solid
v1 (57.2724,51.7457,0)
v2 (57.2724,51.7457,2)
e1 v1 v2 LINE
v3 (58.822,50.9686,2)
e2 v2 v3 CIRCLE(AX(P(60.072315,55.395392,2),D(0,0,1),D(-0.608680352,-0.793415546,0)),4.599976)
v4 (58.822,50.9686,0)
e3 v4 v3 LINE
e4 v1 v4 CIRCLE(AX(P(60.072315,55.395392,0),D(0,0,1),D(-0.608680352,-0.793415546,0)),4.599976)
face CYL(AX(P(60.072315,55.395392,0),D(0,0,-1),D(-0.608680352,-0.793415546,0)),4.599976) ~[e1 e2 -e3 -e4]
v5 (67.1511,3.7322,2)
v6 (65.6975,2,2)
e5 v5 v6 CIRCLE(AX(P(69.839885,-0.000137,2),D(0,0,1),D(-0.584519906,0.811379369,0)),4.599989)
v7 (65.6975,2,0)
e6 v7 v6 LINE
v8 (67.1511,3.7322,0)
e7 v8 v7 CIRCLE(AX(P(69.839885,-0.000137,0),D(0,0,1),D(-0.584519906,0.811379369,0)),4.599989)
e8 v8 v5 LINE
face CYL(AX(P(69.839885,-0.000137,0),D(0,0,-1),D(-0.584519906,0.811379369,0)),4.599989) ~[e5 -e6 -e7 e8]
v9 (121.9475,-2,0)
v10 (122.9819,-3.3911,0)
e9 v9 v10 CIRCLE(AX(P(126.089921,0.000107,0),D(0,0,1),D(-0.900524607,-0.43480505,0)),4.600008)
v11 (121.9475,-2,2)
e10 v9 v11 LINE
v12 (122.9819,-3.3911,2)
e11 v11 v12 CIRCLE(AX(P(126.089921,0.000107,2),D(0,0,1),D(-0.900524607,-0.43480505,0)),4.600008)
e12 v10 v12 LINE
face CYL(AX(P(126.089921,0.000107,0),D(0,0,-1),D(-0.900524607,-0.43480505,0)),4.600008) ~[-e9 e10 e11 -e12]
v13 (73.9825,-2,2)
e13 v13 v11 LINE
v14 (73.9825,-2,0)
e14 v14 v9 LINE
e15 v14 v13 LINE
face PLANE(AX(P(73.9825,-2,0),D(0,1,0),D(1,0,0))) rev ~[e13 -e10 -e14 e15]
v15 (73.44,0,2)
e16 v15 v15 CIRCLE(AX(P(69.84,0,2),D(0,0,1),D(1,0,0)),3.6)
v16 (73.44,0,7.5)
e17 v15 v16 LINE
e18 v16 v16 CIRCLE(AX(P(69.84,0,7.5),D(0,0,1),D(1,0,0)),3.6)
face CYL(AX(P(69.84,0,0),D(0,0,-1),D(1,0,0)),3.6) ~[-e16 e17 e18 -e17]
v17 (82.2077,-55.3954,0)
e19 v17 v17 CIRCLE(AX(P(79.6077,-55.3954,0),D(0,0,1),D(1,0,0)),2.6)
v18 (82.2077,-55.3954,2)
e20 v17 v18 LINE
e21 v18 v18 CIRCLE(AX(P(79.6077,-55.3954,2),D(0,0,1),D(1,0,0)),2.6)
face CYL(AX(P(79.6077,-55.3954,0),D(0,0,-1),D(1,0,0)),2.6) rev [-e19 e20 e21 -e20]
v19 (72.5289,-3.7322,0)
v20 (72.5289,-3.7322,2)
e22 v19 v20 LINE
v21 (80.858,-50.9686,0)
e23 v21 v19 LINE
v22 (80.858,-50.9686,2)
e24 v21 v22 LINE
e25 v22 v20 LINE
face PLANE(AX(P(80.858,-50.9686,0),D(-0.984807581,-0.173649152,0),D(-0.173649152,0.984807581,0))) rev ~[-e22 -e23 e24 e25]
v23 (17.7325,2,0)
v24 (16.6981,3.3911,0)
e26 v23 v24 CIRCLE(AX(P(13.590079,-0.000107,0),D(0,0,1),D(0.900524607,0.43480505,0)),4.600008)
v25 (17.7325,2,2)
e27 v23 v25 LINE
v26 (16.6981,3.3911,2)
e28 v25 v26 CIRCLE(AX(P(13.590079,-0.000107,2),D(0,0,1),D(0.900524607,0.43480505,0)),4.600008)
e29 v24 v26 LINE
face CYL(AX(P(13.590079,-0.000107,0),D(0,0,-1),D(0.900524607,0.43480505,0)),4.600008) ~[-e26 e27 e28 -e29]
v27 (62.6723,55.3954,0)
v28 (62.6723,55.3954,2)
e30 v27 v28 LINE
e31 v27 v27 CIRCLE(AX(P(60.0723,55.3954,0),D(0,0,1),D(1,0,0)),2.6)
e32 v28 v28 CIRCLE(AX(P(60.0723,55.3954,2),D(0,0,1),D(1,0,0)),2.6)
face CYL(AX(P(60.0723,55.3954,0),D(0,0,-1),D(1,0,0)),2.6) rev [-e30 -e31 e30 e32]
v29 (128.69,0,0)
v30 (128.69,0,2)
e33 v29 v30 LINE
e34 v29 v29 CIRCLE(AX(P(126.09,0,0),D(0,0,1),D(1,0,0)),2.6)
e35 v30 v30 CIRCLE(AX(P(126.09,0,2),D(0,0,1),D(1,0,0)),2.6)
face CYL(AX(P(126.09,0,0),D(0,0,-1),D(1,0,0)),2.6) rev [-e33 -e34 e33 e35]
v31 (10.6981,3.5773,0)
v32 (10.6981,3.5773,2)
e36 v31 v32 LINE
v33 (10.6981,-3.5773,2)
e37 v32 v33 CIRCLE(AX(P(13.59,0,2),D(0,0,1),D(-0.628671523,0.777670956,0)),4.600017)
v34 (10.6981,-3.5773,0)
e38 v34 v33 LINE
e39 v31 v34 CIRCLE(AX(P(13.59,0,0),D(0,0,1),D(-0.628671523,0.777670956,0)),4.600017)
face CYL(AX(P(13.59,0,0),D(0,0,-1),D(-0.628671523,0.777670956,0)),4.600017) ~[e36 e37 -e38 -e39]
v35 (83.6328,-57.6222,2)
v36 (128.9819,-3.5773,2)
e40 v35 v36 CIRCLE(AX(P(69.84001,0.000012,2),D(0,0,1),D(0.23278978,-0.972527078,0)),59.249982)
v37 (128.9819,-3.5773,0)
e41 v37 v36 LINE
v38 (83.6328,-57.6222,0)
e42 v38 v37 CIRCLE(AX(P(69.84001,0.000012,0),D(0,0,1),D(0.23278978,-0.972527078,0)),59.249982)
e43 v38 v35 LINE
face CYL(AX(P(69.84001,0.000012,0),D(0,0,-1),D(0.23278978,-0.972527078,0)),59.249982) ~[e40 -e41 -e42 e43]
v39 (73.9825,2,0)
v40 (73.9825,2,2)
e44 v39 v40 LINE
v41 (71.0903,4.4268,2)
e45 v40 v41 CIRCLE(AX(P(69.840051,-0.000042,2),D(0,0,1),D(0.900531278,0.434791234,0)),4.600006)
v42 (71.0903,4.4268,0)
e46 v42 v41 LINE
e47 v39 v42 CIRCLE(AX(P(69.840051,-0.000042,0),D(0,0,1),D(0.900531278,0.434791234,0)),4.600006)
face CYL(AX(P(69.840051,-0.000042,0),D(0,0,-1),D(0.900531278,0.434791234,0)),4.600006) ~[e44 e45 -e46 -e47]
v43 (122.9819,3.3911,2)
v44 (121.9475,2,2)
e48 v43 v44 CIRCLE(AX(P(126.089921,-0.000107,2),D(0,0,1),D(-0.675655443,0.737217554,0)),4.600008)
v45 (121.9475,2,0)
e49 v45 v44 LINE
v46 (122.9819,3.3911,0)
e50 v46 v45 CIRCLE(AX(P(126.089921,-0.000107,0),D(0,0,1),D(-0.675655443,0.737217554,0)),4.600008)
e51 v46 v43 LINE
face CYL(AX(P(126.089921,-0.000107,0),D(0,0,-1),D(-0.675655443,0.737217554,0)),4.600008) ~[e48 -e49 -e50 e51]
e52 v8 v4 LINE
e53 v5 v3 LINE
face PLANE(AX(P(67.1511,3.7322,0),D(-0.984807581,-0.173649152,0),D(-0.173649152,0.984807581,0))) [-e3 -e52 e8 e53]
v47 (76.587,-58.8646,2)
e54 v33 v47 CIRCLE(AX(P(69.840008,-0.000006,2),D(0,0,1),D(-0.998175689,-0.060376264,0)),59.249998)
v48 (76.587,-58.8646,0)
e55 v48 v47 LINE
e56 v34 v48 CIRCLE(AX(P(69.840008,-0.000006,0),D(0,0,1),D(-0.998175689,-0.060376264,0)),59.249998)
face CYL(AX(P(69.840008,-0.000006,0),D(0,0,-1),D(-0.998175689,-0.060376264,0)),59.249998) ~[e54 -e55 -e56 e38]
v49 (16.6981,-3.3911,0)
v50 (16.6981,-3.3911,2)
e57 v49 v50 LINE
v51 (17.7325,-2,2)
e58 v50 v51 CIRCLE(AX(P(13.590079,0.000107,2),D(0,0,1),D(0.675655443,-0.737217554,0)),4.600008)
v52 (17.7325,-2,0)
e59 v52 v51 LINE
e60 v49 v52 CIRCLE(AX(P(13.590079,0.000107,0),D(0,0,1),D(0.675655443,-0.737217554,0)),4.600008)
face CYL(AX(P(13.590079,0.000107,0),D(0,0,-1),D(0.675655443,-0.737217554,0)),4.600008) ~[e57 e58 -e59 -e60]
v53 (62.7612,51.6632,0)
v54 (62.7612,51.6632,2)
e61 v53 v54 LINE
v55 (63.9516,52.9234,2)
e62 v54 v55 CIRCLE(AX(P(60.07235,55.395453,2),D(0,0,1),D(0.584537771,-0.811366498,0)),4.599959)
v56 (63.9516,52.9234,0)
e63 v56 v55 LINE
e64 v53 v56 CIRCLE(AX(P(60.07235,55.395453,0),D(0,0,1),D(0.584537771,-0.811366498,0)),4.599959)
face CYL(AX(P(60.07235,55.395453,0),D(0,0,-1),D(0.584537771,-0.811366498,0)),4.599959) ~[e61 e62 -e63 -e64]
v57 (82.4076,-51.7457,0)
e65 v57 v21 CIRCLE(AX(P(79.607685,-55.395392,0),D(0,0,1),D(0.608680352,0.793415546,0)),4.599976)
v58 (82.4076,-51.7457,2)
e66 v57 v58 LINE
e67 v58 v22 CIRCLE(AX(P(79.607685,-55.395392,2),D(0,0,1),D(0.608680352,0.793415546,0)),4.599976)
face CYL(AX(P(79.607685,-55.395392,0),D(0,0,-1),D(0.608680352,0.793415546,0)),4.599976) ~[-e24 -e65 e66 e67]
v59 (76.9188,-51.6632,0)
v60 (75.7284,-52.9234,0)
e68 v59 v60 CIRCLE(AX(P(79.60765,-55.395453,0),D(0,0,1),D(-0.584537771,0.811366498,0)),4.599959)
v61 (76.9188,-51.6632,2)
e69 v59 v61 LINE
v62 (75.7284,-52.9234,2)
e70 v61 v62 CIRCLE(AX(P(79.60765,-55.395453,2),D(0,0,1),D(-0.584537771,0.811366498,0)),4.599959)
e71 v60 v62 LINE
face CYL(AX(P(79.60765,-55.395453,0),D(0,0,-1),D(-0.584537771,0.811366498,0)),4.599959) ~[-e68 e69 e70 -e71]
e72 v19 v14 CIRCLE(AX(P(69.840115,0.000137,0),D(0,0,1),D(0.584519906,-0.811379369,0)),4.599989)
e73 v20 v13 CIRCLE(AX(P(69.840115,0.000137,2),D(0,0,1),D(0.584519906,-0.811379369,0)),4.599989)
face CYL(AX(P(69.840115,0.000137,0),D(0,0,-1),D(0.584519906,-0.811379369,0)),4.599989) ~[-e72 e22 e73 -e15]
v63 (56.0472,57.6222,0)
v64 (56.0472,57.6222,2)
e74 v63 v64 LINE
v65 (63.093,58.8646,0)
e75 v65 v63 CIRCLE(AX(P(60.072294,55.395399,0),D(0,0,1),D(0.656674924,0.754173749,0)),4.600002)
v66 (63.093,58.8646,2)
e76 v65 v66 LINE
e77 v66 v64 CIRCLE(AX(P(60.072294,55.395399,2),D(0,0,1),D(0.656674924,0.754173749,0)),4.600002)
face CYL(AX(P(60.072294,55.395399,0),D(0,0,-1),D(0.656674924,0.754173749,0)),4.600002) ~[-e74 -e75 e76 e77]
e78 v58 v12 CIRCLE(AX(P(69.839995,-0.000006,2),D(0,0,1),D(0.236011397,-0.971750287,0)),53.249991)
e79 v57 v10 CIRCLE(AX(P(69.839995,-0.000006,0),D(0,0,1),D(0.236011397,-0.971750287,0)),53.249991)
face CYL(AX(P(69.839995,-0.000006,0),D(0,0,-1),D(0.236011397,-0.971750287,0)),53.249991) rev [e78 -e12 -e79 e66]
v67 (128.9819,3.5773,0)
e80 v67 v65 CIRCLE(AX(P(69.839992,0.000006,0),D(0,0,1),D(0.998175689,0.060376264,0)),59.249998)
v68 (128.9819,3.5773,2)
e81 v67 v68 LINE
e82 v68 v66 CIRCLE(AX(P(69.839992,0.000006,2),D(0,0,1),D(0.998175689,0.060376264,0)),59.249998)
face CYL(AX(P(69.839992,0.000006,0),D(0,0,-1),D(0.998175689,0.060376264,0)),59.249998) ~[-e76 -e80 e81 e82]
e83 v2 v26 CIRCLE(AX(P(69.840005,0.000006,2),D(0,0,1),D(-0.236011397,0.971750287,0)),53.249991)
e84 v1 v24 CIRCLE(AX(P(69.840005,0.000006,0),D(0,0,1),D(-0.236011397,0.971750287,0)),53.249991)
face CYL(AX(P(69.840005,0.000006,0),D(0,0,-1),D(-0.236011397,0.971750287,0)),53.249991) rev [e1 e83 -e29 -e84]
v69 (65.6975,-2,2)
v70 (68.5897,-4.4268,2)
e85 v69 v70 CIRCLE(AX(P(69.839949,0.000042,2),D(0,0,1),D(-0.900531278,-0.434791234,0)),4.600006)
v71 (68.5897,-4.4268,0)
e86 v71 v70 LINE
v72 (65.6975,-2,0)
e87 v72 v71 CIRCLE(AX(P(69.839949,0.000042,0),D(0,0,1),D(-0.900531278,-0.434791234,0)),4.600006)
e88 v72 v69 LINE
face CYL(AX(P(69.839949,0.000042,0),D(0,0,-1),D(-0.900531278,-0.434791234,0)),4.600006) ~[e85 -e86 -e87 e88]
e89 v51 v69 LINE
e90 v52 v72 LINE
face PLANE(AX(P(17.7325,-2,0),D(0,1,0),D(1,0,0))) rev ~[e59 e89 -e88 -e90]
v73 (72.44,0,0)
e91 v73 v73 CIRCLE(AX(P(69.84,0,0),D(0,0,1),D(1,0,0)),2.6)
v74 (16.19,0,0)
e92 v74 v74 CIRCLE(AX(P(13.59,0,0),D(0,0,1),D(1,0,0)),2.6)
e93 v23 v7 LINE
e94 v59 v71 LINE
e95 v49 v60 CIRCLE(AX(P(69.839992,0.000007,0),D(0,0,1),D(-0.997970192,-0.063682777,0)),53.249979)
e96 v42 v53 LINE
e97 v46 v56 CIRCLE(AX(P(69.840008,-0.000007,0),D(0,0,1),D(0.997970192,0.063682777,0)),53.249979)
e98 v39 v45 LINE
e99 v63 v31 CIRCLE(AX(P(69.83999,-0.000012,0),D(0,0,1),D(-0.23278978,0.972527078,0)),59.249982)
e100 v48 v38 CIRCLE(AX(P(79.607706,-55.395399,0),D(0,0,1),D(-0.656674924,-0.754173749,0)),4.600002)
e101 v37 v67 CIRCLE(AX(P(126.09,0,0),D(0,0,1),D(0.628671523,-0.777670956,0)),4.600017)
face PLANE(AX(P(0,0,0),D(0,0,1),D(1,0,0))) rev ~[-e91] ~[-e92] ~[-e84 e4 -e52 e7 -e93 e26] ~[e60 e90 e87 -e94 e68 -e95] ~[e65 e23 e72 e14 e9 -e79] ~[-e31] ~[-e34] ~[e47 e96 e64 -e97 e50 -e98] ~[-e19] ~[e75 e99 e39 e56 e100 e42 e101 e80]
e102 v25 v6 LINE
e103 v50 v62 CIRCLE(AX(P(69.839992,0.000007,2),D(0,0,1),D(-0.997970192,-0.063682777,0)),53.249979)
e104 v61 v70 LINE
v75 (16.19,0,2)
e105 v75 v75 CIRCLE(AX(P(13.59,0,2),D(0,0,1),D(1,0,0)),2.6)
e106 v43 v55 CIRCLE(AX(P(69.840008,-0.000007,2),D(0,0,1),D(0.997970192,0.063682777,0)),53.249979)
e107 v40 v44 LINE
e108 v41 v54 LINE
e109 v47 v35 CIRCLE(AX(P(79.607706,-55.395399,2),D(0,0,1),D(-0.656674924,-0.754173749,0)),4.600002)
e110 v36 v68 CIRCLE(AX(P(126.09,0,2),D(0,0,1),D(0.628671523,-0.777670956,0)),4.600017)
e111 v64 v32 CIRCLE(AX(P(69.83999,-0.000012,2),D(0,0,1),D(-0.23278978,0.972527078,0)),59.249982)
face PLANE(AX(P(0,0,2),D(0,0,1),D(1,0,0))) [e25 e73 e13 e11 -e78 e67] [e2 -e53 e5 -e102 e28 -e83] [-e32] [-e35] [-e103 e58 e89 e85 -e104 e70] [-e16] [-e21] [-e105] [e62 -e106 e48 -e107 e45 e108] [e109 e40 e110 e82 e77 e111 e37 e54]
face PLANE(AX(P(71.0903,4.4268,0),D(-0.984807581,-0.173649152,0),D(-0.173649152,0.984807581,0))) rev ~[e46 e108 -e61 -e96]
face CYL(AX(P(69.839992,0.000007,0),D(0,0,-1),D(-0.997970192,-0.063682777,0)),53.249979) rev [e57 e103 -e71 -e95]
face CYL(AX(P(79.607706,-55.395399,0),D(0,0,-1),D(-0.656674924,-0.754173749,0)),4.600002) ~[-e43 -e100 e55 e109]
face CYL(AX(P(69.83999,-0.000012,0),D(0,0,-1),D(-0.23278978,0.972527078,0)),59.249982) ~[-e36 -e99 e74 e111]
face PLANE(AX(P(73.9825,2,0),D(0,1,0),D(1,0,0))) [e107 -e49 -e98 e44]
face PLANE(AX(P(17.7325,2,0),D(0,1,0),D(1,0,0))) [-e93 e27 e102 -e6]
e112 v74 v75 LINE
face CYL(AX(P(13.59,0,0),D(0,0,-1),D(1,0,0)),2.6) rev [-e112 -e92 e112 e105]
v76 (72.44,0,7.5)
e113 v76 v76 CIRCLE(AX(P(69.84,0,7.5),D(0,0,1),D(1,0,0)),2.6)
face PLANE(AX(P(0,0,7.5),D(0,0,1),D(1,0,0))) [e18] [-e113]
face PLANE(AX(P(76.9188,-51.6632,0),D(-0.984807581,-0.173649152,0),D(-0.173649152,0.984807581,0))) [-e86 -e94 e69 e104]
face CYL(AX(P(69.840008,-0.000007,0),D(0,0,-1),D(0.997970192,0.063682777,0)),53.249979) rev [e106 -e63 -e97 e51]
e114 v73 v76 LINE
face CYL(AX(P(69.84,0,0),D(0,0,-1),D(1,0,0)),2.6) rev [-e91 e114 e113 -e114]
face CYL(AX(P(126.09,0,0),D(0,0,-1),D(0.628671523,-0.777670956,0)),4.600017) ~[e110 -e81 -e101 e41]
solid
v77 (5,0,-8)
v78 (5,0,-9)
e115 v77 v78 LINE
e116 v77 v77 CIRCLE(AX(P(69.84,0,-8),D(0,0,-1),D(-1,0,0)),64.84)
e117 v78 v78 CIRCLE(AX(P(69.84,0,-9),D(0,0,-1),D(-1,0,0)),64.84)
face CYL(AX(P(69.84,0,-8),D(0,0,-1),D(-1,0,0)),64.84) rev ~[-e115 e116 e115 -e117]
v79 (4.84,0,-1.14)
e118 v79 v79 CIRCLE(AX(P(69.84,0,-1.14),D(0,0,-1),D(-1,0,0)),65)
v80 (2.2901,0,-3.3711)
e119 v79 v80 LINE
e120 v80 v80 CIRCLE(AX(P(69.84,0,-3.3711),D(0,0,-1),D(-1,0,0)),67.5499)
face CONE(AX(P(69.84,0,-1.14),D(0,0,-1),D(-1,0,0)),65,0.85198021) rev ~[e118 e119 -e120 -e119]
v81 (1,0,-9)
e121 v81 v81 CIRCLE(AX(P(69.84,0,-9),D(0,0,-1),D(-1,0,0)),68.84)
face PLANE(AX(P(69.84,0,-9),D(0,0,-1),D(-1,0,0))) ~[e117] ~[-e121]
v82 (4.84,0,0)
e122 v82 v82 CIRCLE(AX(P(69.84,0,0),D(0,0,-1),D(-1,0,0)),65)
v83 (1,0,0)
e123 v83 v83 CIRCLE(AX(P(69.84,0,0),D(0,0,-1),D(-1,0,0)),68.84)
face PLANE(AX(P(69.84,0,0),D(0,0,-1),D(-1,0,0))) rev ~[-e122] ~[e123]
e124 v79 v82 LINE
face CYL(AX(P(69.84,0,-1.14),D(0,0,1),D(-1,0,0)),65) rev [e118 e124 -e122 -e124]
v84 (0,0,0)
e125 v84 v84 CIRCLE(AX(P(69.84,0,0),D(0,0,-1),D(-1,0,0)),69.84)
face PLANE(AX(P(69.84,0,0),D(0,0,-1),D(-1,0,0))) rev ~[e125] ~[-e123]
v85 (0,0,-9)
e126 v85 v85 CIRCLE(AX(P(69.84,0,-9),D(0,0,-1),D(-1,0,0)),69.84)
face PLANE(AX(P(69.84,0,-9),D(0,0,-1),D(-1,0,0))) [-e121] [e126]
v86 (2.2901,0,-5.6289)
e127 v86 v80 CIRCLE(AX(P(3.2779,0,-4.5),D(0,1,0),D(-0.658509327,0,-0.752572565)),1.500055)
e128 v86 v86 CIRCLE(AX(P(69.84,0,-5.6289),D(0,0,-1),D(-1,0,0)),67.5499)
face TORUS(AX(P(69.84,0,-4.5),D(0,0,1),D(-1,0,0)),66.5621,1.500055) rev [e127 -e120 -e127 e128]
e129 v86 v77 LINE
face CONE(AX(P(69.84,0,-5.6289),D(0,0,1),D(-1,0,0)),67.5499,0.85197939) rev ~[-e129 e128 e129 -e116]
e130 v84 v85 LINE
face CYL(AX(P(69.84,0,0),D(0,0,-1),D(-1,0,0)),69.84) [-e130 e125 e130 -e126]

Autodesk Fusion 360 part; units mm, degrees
sketch "Sketch1" plane through (0, 0, 0) normal (0, 1, 0) x (1, 0, 0)
  line L0 (0, 0) -> (0, 9)
  line L1 (0, 9) -> (1, 9)
  line L2 (0, 0) -> (1, 0)
  line L3 (1, 0) -> (4.84, 0)
  line L4 (4.84, 1.14) -> (2.2901, 3.3711)
  line L5 (2.2901, 5.6289) -> (5, 8)
  line L6 (5, 8) -> (5, 9)
  line L7 (5, 9) -> (1, 9)
  line L8 (4.84, 1.14) -> (4.84, 0)
  line L9 (0, 0) -> (4.84, 0)
  arc A0 (2.2901, 5.6289) -> (2.2901, 3.3711) centre (3.2779, 4.5) ccw
  line L10 (4.84, 0) -> (69.84, 0) construction
  line L11 (69.84, 0) -> (69.84, 13) construction
  dimension "d202" = 9
  dimension "d204" = 1.5
  dimension "d211" = 65
revolve "Revolve2" add sketch "Sketch1" angle 360 about axis through (69.84, 0, 0) along (0, 0, -1) makes body 1
sketch "Sketch5" plane through (0, 0, 0) normal (0, 1, 0) x (1, 0, 0)
  line L0 (6.34, 8) -> (20.84, 8)
  line L1 (20.84, 1) -> (6.34, 1)
  arc A0 (20.84, 1) -> (20.84, 8) centre (20.84, 4.5) ccw
  arc A1 (6.34, 8) -> (6.34, 1) centre (6.34, 4.5) ccw
  line L2 (13.59, 8) -> (13.59, 1)
  line L3 (4.84, 0) -> (69.84, 0)
  line L4 (13.59, 1) -> (13.59, 0)
  dimension "d209" = 7
  dimension "d210" = 7
sketch "Sketch6" plane through (0, 0, 0) normal (0, 0, 1) x (1, 0, 0)
  circle A0 centre (69.84, 0) radius 56.25 construction
  circle A1 centre (13.59, 0) radius 2.6
  circle A2 centre (13.59, 0) radius 8 construction
  circle A3 centre (13.59, 0) radius 10.75 construction
  circle A4 centre (69.84, 0) radius 69.84 construction
  circle A5 centre (69.84, 0) radius 65 construction
  circle A6 centre (60.0723, 55.3954) radius 10.75 construction
  circle A7 centre (60.0723, 55.3954) radius 8 construction
  circle A8 centre (60.0723, 55.3954) radius 2.6
  circle A9 centre (79.6077, -55.3954) radius 10.75 construction
  circle A10 centre (79.6077, -55.3954) radius 8 construction
  circle A11 centre (126.09, 0) radius 10.75 construction
  circle A12 centre (126.09, 0) radius 8 construction
  circle A13 centre (126.09, 0) radius 2.6
  circle A14 centre (79.6077, -55.3954) radius 2.6
  arc A15 (63.093, 58.8646) -> (56.0472, 57.6222) centre (60.0723, 55.3954) ccw
  arc A16 (122.9819, 3.3911) -> (63.9516, 52.9234) centre (69.84, 0) ccw
  arc A17 (128.9819, -3.5773) -> (128.9819, 3.5773) centre (126.09, 0) ccw
  arc A18 (128.9819, 3.5773) -> (63.093, 58.8646) centre (69.84, 0) ccw
  arc A19 (83.6328, -57.6222) -> (128.9819, -3.5773) centre (69.84, 0) ccw
  arc A20 (82.4076, -51.7457) -> (122.9819, -3.3911) centre (69.84, 0) ccw
  arc A21 (76.587, -58.8646) -> (83.6328, -57.6222) centre (79.6077, -55.3954) ccw
  arc A22 (57.2724, 51.7457) -> (16.6981, 3.3911) centre (69.84, 0) ccw
  arc A23 (16.6981, -3.3911) -> (75.7284, -52.9234) centre (69.84, 0) ccw
  arc A24 (56.0472, 57.6222) -> (10.6981, 3.5773) centre (69.84, 0) ccw
  arc A25 (10.6981, -3.5773) -> (76.587, -58.8646) centre (69.84, 0) ccw
  arc A26 (10.6981, 3.5773) -> (10.6981, -3.5773) centre (13.59, 0) ccw
  line L0 (17.7325, 2) -> (65.6975, 2)
  line L1 (17.7325, -2) -> (65.6975, -2)
  line L2 (71.0903, 4.4268) -> (62.7612, 51.6632)
  line L3 (62.0481, 55.7077) -> (62.0419, 55.7427)
  line L4 (67.1511, 3.7322) -> (58.822, 50.9686)
  line L5 (58.1089, 55.0131) -> (58.1027, 55.0481)
  arc A27 (57.2724, 51.7457) -> (58.822, 50.9686) centre (60.0723, 55.3954) ccw
  arc A28 (62.7612, 51.6632) -> (63.9516, 52.9234) centre (60.0723, 55.3954) ccw
  arc A29 (16.6981, -3.3911) -> (17.7325, -2) centre (13.59, 0) ccw
  arc A30 (17.7325, 2) -> (16.6981, 3.3911) centre (13.59, 0) ccw
  line L6 (81.5773, -55.0481) -> (81.5711, -55.0131)
  line L7 (80.858, -50.9686) -> (72.5289, -3.7322)
  line L8 (77.6381, -55.7427) -> (77.6319, -55.7077)
  line L9 (76.9188, -51.6632) -> (68.5897, -4.4268)
  arc A31 (82.4076, -51.7457) -> (80.858, -50.9686) centre (79.6077, -55.3954) ccw
  arc A32 (76.9188, -51.6632) -> (75.7284, -52.9234) centre (79.6077, -55.3954) ccw
  line L10 (73.9825, 2) -> (121.9475, 2)
  curve K0
  line L11 (73.9825, 2) -> (121.9475, 2)
  curve K1
  line L12 (73.9825, -2) -> (121.9475, -2)
  curve K2
  line L13 (73.9825, -2) -> (121.9475, -2)
  curve K3
  arc A33 (122.9819, 3.3911) -> (121.9475, 2) centre (126.09, 0) ccw
  arc A34 (121.9475, -2) -> (122.9819, -3.3911) centre (126.09, 0) ccw
  circle A35 centre (69.84, 0) radius 2.6
  arc A36 (65.6975, -2) -> (68.5897, -4.4268) centre (69.84, 0) ccw
  arc A37 (72.5289, -3.7322) -> (73.9825, -2) centre (69.84, 0) ccw
  arc A38 (73.9825, 2) -> (71.0903, 4.4268) centre (69.84, 0) ccw
  arc A39 (67.1511, 3.7322) -> (65.6975, 2) centre (69.84, 0) ccw
  circle A40 centre (69.84, 0) radius 3.6
  point P0 (13.59, 0)
  dimension "d213" = 5.2
  dimension "d214" = 16
  dimension "d215" = 21.5
  dimension "d219" = 5.2
  dimension "d220" = 16
  dimension "d221" = 21.5
  dimension "d224" = 5.2
  dimension "d225" = 5.2
  dimension "d236" = 5.2
  dimension "d238" = 1
extrude "Extrude36" add sketch "Sketch6" along normal blind 2 separate body contours A15 A17 A18 A19 A21 A24 A25 A26 makes body 2
extrude "Extrude37" add sketch "Sketch6" along normal blind 7.5 contours A40 bodies 2
